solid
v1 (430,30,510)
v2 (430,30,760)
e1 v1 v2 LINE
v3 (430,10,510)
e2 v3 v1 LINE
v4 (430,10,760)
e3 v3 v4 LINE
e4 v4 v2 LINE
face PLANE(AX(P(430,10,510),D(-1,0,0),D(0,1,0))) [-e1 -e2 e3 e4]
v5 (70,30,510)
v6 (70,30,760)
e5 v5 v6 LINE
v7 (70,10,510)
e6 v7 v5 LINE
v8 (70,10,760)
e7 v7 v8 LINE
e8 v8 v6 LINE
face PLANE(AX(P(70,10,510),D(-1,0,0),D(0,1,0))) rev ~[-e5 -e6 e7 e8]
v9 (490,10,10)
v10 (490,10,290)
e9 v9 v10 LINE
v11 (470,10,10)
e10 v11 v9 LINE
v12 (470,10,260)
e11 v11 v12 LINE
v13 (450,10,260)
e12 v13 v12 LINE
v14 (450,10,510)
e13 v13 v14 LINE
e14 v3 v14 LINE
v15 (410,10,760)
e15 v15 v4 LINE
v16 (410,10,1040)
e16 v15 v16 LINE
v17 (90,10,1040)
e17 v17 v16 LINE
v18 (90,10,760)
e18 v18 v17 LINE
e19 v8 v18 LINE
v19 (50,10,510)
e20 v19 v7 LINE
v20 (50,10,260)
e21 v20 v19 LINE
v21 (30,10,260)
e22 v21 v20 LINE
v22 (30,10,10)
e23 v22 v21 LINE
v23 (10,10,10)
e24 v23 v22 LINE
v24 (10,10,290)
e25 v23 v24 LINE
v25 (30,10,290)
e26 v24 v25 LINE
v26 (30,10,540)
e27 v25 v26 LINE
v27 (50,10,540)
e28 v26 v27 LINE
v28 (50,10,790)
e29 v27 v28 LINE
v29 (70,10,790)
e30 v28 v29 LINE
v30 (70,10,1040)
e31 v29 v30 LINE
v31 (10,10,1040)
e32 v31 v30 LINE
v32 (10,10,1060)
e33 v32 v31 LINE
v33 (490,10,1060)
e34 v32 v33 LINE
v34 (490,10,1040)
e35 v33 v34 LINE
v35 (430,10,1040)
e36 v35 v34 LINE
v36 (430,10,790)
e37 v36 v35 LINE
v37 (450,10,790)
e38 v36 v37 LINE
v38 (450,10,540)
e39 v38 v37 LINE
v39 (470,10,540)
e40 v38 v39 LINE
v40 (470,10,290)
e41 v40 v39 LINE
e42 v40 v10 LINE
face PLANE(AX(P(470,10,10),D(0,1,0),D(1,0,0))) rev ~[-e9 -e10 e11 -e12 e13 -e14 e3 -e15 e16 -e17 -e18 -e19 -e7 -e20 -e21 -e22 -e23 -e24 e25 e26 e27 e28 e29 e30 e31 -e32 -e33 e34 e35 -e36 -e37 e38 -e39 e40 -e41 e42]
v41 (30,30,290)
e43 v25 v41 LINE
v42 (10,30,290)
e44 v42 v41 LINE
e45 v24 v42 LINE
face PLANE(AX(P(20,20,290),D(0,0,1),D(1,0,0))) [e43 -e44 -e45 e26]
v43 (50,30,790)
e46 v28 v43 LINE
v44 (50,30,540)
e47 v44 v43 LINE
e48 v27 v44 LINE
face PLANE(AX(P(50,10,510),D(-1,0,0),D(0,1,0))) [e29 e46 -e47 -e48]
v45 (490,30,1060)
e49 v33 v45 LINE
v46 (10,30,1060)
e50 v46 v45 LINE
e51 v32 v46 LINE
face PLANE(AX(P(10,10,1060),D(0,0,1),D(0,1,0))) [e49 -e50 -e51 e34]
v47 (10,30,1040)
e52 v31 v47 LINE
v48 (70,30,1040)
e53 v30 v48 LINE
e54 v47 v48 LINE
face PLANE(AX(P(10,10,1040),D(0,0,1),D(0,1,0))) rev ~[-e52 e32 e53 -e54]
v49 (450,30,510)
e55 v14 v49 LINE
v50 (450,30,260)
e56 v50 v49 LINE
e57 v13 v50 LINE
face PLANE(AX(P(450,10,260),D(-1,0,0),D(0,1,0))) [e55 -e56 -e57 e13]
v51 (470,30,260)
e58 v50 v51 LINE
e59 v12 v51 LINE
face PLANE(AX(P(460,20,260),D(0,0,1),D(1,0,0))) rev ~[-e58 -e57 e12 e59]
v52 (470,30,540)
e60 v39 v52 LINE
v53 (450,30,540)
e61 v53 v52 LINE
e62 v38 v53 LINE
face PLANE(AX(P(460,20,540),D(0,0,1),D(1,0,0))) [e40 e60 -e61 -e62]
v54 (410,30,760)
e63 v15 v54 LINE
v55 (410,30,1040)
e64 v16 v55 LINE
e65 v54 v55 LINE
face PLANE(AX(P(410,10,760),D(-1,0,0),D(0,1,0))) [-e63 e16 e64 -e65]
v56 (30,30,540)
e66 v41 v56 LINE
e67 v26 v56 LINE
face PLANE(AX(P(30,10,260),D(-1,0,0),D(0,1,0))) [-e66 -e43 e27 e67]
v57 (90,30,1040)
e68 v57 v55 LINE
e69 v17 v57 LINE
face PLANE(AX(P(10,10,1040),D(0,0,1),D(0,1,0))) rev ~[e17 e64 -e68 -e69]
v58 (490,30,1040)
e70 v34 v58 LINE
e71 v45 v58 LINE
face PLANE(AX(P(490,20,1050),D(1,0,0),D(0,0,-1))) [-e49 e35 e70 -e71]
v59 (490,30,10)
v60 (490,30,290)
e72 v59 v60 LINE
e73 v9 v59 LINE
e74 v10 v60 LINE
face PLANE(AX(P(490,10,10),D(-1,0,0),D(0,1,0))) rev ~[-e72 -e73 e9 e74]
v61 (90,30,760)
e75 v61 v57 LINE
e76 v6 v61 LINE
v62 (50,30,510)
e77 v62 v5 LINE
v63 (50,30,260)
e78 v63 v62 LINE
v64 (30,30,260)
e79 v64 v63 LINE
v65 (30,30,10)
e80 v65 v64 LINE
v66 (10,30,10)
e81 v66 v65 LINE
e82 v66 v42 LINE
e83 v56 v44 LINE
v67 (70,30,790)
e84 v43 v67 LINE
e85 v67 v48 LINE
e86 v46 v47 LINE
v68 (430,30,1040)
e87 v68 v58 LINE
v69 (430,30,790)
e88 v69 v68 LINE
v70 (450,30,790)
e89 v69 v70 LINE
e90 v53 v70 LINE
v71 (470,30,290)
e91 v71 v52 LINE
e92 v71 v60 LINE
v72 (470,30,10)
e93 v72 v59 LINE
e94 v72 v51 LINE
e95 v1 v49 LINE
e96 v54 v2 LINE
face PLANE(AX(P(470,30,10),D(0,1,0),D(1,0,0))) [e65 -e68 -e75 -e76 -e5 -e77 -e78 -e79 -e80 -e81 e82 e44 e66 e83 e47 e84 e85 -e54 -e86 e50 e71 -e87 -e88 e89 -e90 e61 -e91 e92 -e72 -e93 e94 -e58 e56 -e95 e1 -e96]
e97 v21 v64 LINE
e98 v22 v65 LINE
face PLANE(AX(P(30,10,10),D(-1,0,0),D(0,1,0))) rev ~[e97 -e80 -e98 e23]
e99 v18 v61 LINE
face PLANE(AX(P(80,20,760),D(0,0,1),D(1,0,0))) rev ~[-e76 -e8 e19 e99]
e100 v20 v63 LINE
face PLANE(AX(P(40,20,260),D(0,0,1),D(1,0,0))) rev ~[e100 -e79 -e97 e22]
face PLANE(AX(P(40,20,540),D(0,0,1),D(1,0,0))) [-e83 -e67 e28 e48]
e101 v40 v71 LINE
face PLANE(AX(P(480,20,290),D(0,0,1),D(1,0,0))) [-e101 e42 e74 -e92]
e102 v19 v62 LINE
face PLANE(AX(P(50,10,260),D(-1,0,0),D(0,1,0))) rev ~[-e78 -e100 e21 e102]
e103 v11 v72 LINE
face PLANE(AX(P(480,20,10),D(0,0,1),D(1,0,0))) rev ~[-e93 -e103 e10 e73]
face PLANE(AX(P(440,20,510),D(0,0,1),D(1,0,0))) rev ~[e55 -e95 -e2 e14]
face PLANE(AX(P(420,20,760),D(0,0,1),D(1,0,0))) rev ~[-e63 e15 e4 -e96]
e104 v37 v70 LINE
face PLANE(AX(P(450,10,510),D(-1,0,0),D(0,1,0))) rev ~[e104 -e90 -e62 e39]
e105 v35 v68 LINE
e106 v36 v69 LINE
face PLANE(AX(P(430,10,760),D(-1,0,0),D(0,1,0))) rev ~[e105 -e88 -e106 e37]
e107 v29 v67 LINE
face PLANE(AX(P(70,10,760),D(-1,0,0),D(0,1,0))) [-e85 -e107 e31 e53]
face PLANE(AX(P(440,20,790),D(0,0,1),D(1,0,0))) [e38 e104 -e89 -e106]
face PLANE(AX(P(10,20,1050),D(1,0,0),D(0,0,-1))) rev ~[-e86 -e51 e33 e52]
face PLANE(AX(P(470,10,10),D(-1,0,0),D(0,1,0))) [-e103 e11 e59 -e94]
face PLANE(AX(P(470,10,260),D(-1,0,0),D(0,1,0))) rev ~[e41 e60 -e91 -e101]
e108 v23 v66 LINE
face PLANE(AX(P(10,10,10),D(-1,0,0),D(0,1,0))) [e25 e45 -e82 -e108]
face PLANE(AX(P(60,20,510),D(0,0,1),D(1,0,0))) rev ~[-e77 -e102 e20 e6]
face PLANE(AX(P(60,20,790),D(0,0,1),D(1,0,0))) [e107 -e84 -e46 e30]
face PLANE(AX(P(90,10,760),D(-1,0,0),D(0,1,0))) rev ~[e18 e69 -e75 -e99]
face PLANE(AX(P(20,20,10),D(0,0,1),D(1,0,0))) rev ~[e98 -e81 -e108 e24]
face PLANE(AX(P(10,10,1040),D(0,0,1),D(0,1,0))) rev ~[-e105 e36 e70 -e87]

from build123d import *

# Parameters (mm, degrees)
BOX033_W           = 20
BOX033_H           = 20
BOX033_DEPTH       = 280
BOX034_W           = 20
BOX034_H           = 20
BOX034_DEPTH       = 280
BOX031_W           = 20
BOX031_H           = 20
BOX031_DEPTH       = 280
BOX032_W           = 20
BOX032_H           = 20
BOX032_DEPTH       = 280
BOX029_W           = 20
BOX029_H           = 20
BOX029_DEPTH       = 280
BOX030_W           = 20
BOX030_H           = 20
BOX030_DEPTH       = 280
BOX027_W           = 20
BOX027_H           = 20
BOX027_DEPTH       = 280
BOX028_W           = 20
BOX028_H           = 20
BOX028_DEPTH       = 280
BOX035_W           = 20
BOX035_H           = 20
BOX035_DEPTH       = 480
BOX035_PITCH_ANGLE = 90


with BuildPart() as box033:
    # Box033 → Box033 (new body)
    with BuildSketch(Plane(origin=(70, 10, 760), x_dir=(1, 0, 0), z_dir=(0, 0, 1))):
        with Locations((10, 10)):
            Rectangle(BOX033_W, BOX033_H)
    extrude(amount=BOX033_DEPTH)


with BuildPart() as box034:
    # Box034 → Box034 (new body)
    with BuildSketch(Plane(origin=(410, 10, 760), x_dir=(1, 0, 0), z_dir=(0, 0, 1))):
        with Locations((10, 10)):
            Rectangle(BOX034_W, BOX034_H)
    extrude(amount=BOX034_DEPTH)


with BuildPart() as box031:
    # Box031 → Box031 (new body)
    with BuildSketch(Plane(origin=(50, 10, 510), x_dir=(1, 0, 0), z_dir=(0, 0, 1))):
        with Locations((10, 10)):
            Rectangle(BOX031_W, BOX031_H)
    extrude(amount=BOX031_DEPTH)


with BuildPart() as box032:
    # Box032 → Box032 (new body)
    with BuildSketch(Plane(origin=(430, 10, 510), x_dir=(1, 0, 0), z_dir=(0, 0, 1))):
        with Locations((10, 10)):
            Rectangle(BOX032_W, BOX032_H)
    extrude(amount=BOX032_DEPTH)


with BuildPart() as box029:
    # Box029 → Box029 (new body)
    with BuildSketch(Plane(origin=(30, 10, 260), x_dir=(1, 0, 0), z_dir=(0, 0, 1))):
        with Locations((10, 10)):
            Rectangle(BOX029_W, BOX029_H)
    extrude(amount=BOX029_DEPTH)


with BuildPart() as box030:
    # Box030 → Box030 (new body)
    with BuildSketch(Plane(origin=(450, 10, 260), x_dir=(1, 0, 0), z_dir=(0, 0, 1))):
        with Locations((10, 10)):
            Rectangle(BOX030_W, BOX030_H)
    extrude(amount=BOX030_DEPTH)


with BuildPart() as box027:
    # Box027 → Box027 (new body)
    with BuildSketch(Plane(origin=(10, 10, 10), x_dir=(1, 0, 0), z_dir=(0, 0, 1))):
        with Locations((10, 10)):
            Rectangle(BOX027_W, BOX027_H)
    extrude(amount=BOX027_DEPTH)


with BuildPart() as box028:
    # Box028 → Box028 (new body)
    with BuildSketch(Plane(origin=(470, 10, 10), x_dir=(1, 0, 0), z_dir=(0, 0, 1))):
        with Locations((10, 10)):
            Rectangle(BOX028_W, BOX028_H)
    extrude(amount=BOX028_DEPTH)


with BuildPart() as solar_panel_supporter:
    # Box035 → Box035 (new body)
    with BuildSketch(Plane.XY):
        with Locations((10, 10)):
            Rectangle(BOX035_W, BOX035_H)
    extrude(amount=BOX035_DEPTH)


with BuildPart() as solar_panel_supporter_1:
    # Box035 pitch: moved
    add(solar_panel_supporter.part.rotate(Axis((0, 0, 0), (0, 1, 0)), BOX035_PITCH_ANGLE))


with BuildPart() as solar_panel_supporter_2:
    # Box035 placement: moved
    add(solar_panel_supporter_1.part.moved(Location((10, 10, 1060))))

    # Fusion013: union Box033, Box034, Box031, Box032, Box029, Box030, Box027, Box028
    add(box033.part)
    add(box034.part)
    add(box031.part)
    add(box032.part)
    add(box029.part)
    add(box030.part)
    add(box027.part)
    add(box028.part)


solid = solar_panel_supporter_2.part
